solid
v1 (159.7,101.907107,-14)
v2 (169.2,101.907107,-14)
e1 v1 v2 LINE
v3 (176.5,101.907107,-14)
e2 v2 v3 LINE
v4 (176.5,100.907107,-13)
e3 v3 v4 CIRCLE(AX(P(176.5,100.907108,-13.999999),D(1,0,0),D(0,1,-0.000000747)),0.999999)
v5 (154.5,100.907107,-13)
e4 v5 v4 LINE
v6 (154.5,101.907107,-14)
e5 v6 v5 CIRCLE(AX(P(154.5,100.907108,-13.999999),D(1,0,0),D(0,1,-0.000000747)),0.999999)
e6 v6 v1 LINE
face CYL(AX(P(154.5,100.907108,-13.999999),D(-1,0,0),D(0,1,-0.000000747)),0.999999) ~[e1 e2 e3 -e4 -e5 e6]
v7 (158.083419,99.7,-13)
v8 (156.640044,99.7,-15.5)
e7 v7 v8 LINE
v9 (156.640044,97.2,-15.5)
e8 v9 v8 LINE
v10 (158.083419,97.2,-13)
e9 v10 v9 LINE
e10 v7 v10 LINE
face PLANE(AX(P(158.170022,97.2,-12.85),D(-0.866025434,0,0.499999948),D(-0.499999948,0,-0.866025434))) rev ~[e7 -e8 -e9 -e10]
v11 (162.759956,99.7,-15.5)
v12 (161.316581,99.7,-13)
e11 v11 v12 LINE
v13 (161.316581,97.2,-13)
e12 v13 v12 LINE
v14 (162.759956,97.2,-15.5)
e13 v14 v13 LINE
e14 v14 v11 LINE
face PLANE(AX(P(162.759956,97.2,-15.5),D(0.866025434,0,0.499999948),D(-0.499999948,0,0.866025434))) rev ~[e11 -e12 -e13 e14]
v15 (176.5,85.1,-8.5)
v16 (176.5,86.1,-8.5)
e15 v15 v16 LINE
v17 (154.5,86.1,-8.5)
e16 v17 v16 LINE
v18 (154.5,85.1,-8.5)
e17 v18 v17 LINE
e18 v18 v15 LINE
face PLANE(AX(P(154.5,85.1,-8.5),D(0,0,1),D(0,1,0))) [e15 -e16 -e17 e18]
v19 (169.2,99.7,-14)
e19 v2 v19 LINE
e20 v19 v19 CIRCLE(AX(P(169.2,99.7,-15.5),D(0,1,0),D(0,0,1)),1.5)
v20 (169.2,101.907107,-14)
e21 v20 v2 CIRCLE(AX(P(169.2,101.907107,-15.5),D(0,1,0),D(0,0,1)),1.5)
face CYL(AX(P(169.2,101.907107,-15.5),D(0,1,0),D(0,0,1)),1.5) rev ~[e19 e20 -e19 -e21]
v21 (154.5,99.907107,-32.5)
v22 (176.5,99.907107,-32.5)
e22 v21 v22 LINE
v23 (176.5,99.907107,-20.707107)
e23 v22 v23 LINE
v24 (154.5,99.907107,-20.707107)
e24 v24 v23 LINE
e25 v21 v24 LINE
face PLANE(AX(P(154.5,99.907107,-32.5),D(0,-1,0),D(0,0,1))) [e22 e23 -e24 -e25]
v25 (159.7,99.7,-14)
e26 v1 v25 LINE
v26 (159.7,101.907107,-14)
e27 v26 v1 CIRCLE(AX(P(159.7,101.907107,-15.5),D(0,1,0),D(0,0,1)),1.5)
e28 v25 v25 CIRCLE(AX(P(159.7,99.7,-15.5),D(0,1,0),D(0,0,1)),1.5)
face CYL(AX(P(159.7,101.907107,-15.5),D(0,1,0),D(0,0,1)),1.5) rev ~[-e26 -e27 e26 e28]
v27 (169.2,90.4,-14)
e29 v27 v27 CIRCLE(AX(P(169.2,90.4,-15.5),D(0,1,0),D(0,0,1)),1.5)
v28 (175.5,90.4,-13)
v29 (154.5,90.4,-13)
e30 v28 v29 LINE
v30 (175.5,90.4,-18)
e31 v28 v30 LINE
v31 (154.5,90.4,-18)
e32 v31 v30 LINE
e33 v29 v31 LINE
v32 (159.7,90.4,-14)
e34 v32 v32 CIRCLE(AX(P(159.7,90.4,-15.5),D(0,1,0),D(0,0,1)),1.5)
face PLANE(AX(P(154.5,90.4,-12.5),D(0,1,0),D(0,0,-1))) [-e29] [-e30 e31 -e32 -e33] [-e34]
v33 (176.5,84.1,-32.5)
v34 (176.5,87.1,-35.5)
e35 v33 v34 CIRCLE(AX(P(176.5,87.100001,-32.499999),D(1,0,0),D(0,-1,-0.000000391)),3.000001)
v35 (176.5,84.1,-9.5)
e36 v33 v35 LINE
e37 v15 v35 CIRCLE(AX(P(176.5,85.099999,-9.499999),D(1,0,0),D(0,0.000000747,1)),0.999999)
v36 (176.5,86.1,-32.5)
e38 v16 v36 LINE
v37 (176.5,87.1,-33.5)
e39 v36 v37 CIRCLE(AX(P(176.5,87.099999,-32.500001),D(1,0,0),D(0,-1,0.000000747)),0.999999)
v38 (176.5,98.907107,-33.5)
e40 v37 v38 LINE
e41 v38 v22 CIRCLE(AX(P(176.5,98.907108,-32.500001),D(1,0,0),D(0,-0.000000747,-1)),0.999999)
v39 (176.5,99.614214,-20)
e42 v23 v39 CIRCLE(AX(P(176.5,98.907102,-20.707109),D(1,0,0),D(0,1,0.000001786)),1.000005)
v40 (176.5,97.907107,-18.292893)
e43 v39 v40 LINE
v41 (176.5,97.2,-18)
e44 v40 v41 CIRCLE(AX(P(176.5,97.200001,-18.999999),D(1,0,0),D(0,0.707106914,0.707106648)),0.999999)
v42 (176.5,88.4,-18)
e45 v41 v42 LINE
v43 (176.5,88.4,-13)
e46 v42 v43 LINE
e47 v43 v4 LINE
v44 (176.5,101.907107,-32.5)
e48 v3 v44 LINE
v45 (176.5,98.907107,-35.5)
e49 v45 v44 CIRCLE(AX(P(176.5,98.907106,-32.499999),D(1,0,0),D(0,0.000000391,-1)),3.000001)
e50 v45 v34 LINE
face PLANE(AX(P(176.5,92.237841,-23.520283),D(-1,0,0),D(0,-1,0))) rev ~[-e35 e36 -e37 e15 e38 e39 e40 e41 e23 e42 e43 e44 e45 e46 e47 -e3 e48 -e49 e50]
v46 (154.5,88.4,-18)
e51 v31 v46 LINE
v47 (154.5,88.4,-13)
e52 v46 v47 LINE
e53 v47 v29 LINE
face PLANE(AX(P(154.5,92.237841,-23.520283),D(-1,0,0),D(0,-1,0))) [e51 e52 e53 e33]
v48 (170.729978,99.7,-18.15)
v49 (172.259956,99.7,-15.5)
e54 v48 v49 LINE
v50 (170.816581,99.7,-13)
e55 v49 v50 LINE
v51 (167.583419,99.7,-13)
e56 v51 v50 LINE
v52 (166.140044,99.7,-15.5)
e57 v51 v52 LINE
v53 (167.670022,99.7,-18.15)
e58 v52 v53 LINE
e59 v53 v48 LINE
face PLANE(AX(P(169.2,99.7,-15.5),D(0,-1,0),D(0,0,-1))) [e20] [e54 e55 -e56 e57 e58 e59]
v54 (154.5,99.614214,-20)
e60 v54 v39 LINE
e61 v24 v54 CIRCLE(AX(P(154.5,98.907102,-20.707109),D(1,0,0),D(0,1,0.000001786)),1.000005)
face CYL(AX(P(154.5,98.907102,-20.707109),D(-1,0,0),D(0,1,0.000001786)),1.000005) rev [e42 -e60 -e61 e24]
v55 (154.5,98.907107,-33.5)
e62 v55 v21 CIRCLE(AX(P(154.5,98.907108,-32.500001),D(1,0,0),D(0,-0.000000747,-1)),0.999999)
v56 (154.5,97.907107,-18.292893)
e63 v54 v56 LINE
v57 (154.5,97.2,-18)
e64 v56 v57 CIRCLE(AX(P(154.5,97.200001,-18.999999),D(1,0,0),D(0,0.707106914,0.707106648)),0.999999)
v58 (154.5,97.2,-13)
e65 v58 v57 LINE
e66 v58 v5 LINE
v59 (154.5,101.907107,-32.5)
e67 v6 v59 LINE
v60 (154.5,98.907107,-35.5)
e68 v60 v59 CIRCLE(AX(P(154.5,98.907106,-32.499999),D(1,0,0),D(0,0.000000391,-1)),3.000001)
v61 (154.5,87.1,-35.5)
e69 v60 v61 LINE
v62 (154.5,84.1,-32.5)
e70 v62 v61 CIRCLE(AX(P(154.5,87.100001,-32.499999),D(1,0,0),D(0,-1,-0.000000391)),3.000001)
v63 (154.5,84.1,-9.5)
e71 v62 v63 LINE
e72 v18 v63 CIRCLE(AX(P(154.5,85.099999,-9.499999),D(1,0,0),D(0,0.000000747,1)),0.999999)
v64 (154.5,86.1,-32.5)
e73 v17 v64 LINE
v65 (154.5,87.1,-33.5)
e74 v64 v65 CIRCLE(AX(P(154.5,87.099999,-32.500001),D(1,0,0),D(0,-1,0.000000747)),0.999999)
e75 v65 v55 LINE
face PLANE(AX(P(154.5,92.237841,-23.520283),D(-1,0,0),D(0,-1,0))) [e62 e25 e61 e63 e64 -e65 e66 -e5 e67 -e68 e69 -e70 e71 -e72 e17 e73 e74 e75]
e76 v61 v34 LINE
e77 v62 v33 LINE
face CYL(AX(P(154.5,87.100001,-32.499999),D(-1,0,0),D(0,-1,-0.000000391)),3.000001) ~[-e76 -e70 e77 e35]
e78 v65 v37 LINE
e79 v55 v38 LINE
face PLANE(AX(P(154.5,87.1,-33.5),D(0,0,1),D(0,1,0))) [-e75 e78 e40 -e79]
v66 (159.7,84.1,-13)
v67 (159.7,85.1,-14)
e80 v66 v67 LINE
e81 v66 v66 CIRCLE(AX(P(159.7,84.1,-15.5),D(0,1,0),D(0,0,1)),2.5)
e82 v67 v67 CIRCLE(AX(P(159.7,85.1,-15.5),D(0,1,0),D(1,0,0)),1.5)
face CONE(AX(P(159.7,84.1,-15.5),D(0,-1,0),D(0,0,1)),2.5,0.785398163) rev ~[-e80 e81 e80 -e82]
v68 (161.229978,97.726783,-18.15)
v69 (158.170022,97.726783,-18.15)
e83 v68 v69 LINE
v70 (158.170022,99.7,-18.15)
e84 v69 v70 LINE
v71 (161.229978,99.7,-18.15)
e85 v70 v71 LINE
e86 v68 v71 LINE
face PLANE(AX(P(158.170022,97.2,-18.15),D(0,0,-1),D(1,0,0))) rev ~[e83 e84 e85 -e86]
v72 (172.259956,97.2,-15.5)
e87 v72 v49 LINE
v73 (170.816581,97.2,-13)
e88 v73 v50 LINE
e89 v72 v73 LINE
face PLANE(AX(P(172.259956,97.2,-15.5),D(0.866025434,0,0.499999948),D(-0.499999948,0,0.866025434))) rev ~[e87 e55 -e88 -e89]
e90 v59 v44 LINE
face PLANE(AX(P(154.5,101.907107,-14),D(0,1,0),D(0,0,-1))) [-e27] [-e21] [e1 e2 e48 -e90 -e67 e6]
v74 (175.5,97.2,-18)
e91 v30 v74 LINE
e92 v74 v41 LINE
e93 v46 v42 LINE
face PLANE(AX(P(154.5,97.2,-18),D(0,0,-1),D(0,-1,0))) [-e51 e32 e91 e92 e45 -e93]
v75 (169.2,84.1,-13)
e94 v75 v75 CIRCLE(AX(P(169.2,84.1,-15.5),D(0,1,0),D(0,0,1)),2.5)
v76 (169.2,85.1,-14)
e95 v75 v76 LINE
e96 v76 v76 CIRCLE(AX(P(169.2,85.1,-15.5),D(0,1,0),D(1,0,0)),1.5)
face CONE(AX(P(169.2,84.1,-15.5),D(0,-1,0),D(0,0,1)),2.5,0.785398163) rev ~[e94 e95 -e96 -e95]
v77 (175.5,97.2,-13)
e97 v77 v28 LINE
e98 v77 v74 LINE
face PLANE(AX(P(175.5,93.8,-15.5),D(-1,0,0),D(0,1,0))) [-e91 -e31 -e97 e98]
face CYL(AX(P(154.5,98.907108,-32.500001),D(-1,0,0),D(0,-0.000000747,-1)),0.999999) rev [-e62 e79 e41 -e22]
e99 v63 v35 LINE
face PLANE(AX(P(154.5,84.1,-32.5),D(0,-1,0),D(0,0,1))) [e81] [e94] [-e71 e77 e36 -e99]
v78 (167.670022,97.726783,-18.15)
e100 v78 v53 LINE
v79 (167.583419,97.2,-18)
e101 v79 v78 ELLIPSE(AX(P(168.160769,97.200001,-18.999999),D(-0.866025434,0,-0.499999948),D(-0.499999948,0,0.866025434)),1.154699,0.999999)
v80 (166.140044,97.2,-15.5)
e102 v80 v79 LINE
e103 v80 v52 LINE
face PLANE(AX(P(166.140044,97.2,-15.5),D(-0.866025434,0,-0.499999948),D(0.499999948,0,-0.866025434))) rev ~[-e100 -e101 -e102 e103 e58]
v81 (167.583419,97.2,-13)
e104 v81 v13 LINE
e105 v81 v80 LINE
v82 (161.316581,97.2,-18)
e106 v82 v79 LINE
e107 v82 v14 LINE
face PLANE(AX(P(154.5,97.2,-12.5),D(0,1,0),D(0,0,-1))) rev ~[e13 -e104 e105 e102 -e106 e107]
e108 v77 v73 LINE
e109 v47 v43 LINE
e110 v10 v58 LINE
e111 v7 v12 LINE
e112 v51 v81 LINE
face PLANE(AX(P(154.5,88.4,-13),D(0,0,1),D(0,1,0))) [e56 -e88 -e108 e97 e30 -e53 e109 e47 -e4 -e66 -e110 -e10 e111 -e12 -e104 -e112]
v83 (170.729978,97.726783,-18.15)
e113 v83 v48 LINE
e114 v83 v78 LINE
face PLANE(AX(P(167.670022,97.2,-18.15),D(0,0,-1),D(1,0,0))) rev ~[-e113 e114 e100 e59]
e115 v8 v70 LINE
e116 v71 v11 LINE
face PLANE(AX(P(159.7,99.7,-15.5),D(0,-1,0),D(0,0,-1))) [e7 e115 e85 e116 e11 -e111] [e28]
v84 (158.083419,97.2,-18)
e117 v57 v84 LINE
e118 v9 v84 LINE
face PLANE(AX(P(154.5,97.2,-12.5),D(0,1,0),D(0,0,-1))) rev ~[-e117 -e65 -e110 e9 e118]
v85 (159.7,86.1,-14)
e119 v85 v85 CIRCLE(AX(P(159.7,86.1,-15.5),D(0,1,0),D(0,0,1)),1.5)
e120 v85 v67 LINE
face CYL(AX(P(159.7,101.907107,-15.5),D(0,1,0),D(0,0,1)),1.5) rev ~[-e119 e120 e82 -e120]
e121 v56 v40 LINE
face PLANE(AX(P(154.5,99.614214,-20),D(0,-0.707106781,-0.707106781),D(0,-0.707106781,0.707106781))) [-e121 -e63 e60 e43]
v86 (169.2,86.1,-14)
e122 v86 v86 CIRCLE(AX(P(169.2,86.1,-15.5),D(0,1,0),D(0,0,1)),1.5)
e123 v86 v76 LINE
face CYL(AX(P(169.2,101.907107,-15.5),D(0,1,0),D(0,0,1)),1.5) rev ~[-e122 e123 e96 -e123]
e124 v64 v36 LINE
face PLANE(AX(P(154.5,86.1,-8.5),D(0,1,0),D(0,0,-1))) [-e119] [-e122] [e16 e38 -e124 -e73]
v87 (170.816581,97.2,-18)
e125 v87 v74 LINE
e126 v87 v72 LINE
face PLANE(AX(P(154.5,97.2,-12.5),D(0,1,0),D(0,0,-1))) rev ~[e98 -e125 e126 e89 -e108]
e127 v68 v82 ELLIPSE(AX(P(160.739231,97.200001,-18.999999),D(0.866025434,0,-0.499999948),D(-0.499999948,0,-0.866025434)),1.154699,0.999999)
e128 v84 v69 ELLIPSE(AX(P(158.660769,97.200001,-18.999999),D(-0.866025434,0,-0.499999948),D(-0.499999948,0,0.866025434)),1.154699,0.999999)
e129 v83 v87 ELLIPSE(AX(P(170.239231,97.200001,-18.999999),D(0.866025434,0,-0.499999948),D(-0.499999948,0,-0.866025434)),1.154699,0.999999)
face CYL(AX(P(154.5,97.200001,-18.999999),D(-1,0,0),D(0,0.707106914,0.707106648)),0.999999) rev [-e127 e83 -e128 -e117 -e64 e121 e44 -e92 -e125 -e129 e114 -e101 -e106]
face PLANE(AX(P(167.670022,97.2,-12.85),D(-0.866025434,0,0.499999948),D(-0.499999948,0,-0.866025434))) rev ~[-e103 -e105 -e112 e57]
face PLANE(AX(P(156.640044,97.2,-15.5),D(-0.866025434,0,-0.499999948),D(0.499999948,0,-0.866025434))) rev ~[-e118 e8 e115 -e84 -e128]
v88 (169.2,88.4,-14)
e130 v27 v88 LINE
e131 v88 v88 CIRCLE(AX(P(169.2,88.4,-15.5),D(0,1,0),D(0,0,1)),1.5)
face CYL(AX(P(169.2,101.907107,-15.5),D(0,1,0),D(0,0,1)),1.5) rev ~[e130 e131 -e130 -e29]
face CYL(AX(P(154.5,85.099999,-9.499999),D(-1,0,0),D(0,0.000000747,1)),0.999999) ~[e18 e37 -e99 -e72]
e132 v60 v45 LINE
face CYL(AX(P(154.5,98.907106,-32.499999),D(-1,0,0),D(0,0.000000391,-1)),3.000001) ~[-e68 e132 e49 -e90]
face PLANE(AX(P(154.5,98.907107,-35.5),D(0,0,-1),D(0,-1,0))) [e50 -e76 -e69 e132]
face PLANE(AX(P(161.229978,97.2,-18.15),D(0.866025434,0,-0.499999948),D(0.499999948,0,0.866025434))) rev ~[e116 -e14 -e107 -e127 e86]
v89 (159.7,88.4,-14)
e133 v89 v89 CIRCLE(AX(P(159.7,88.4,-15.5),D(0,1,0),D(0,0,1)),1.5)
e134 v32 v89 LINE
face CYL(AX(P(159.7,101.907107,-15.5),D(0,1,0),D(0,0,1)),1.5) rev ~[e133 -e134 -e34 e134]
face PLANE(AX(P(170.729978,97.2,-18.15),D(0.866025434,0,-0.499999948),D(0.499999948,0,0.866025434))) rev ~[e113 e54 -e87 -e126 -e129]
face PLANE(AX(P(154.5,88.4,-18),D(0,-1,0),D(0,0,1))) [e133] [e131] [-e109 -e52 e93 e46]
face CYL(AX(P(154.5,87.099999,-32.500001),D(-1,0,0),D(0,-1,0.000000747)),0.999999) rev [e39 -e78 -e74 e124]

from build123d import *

# Parameters (mm, degrees)
PAD007_DEPTH            = 22
SKETCH025_W             = 6.8
SKETCH025_H             = 6
POCKET_DEPTH            = 21
SKETCH026_R             = 1.5
POCKET001_DEPTH         = 17.808107
POCKET002_DEPTH         = 2.5
HOLE_D                  = 3
HOLE_DEPTH              = 25
HOLE_CSINK_D            = 5
HOLE_CSINK_ANGLE        = 90
BODY007_ROLL_ANGLE      = 90
BODY007_PLACEMENT_ANGLE = 90


with BuildPart() as part:
    # Sketch024 → Pad007 (new body)
    with BuildSketch(Plane.XY):
        with BuildLine():
            Line((4.707107, 1.5), (4.707107, -17))
            ThreePointArc((1.707107, -20), (3.828427, -19.12132), (4.707107, -17))
            Line((1.707107, -20), (-10.1, -20))
            ThreePointArc((-13.1, -17), (-12.22132, -19.12132), (-10.1, -20))
            Line((-13.1, -17), (-13.1, 6))
            ThreePointArc((-12.1, 7), (-12.807107, 6.707107), (-13.1, 6))
            Line((-12.1, 7), (-11.1, 7))
            Line((-11.1, 7), (-11.1, -17))
            ThreePointArc((-11.1, -17), (-10.807107, -17.707107), (-10.1, -18))
            Line((-10.1, -18), (1.707107, -18))
            ThreePointArc((1.707107, -18), (2.414214, -17.707107), (2.707107, -17))
            Line((2.707107, -17), (2.707107, -5.207107))
            ThreePointArc((2.707107, -5.207107), (2.630986, -4.824423), (2.414214, -4.5))
            Line((2.414214, -4.5), (0.707107, -2.792893))
            ThreePointArc((0.707107, -2.792893), (0.382683, -2.57612), (0, -2.5))
            Line((0, -2.5), (-8.8, -2.5))
            Line((-8.8, -2.5), (-8.8, 0))
            Line((-8.8, 0), (-8.8, 2.5))
            Line((-8.8, 2.5), (3.707107, 2.5))
            ThreePointArc((4.707107, 1.5), (4.414214, 2.207107), (3.707107, 2.5))
        make_face()
    extrude(amount=PAD007_DEPTH)

    # Sketch025 (on Face19 of Pad007) → Pocket (cut)
    with BuildSketch(Plane(origin=(0, 0, 0), x_dir=(1, 0, 0), z_dir=(0, 0, -1))):
        with Locations((-3.4, 0)):
            Rectangle(SKETCH025_W, SKETCH025_H)
    extrude(amount=-POCKET_DEPTH, mode=Mode.SUBTRACT)

    # Sketch026 (on Face1 of Pocket) → Pocket001 (cut, through all)
    with BuildSketch(Plane.YZ.offset(4.707107)):
        with Locations((0, 14.7)):
            Circle(SKETCH026_R)
        with Locations((0, 5.2)):
            Circle(SKETCH026_R)
    extrude(amount=-POCKET001_DEPTH, mode=Mode.SUBTRACT)

    # Sketch027 (on Face21 of Pocket001) → Pocket002 (cut)
    with BuildSketch(Plane(origin=(0, 0, 0), x_dir=(0, -1, 0), z_dir=(-1, 0, 0))):
        Polygon((0, 11.640044), (2.65, 13.170022), (2.65, 16.229978), (0, 17.759956), (-2.65, 16.229978), (-2.65, 13.170022), align=None)
        Polygon((0, 8.259956), (-2.65, 6.729978), (-2.65, 3.670022), (0, 2.140044), (2.65, 3.670022), (2.65, 6.729978), align=None)
    extrude(amount=-POCKET002_DEPTH, mode=Mode.SUBTRACT)

    # Hole
    with Locations(Plane(origin=(-13.1, 0, 0), x_dir=(0, -1, 0), z_dir=(-1, 0, 0))):
        with Locations((0, 14.7), (0, 5.2)):
            CounterSinkHole(HOLE_D / 2, HOLE_CSINK_D / 2, depth=HOLE_DEPTH, counter_sink_angle=HOLE_CSINK_ANGLE)


with BuildPart() as part_1:
    # Body007 roll: moved
    add(part.part.rotate(Axis((0, 0, 0), (1, 0, 0)), BODY007_ROLL_ANGLE))


with BuildPart() as part_2:
    # Body007 placement: moved
    add(part_1.part.moved(Location((154.5, 97.2, -15.5))).rotate(Axis((154.5, 97.2, -15.5), (0, 0, 1)), BODY007_PLACEMENT_ANGLE))


solid = part_2.part
